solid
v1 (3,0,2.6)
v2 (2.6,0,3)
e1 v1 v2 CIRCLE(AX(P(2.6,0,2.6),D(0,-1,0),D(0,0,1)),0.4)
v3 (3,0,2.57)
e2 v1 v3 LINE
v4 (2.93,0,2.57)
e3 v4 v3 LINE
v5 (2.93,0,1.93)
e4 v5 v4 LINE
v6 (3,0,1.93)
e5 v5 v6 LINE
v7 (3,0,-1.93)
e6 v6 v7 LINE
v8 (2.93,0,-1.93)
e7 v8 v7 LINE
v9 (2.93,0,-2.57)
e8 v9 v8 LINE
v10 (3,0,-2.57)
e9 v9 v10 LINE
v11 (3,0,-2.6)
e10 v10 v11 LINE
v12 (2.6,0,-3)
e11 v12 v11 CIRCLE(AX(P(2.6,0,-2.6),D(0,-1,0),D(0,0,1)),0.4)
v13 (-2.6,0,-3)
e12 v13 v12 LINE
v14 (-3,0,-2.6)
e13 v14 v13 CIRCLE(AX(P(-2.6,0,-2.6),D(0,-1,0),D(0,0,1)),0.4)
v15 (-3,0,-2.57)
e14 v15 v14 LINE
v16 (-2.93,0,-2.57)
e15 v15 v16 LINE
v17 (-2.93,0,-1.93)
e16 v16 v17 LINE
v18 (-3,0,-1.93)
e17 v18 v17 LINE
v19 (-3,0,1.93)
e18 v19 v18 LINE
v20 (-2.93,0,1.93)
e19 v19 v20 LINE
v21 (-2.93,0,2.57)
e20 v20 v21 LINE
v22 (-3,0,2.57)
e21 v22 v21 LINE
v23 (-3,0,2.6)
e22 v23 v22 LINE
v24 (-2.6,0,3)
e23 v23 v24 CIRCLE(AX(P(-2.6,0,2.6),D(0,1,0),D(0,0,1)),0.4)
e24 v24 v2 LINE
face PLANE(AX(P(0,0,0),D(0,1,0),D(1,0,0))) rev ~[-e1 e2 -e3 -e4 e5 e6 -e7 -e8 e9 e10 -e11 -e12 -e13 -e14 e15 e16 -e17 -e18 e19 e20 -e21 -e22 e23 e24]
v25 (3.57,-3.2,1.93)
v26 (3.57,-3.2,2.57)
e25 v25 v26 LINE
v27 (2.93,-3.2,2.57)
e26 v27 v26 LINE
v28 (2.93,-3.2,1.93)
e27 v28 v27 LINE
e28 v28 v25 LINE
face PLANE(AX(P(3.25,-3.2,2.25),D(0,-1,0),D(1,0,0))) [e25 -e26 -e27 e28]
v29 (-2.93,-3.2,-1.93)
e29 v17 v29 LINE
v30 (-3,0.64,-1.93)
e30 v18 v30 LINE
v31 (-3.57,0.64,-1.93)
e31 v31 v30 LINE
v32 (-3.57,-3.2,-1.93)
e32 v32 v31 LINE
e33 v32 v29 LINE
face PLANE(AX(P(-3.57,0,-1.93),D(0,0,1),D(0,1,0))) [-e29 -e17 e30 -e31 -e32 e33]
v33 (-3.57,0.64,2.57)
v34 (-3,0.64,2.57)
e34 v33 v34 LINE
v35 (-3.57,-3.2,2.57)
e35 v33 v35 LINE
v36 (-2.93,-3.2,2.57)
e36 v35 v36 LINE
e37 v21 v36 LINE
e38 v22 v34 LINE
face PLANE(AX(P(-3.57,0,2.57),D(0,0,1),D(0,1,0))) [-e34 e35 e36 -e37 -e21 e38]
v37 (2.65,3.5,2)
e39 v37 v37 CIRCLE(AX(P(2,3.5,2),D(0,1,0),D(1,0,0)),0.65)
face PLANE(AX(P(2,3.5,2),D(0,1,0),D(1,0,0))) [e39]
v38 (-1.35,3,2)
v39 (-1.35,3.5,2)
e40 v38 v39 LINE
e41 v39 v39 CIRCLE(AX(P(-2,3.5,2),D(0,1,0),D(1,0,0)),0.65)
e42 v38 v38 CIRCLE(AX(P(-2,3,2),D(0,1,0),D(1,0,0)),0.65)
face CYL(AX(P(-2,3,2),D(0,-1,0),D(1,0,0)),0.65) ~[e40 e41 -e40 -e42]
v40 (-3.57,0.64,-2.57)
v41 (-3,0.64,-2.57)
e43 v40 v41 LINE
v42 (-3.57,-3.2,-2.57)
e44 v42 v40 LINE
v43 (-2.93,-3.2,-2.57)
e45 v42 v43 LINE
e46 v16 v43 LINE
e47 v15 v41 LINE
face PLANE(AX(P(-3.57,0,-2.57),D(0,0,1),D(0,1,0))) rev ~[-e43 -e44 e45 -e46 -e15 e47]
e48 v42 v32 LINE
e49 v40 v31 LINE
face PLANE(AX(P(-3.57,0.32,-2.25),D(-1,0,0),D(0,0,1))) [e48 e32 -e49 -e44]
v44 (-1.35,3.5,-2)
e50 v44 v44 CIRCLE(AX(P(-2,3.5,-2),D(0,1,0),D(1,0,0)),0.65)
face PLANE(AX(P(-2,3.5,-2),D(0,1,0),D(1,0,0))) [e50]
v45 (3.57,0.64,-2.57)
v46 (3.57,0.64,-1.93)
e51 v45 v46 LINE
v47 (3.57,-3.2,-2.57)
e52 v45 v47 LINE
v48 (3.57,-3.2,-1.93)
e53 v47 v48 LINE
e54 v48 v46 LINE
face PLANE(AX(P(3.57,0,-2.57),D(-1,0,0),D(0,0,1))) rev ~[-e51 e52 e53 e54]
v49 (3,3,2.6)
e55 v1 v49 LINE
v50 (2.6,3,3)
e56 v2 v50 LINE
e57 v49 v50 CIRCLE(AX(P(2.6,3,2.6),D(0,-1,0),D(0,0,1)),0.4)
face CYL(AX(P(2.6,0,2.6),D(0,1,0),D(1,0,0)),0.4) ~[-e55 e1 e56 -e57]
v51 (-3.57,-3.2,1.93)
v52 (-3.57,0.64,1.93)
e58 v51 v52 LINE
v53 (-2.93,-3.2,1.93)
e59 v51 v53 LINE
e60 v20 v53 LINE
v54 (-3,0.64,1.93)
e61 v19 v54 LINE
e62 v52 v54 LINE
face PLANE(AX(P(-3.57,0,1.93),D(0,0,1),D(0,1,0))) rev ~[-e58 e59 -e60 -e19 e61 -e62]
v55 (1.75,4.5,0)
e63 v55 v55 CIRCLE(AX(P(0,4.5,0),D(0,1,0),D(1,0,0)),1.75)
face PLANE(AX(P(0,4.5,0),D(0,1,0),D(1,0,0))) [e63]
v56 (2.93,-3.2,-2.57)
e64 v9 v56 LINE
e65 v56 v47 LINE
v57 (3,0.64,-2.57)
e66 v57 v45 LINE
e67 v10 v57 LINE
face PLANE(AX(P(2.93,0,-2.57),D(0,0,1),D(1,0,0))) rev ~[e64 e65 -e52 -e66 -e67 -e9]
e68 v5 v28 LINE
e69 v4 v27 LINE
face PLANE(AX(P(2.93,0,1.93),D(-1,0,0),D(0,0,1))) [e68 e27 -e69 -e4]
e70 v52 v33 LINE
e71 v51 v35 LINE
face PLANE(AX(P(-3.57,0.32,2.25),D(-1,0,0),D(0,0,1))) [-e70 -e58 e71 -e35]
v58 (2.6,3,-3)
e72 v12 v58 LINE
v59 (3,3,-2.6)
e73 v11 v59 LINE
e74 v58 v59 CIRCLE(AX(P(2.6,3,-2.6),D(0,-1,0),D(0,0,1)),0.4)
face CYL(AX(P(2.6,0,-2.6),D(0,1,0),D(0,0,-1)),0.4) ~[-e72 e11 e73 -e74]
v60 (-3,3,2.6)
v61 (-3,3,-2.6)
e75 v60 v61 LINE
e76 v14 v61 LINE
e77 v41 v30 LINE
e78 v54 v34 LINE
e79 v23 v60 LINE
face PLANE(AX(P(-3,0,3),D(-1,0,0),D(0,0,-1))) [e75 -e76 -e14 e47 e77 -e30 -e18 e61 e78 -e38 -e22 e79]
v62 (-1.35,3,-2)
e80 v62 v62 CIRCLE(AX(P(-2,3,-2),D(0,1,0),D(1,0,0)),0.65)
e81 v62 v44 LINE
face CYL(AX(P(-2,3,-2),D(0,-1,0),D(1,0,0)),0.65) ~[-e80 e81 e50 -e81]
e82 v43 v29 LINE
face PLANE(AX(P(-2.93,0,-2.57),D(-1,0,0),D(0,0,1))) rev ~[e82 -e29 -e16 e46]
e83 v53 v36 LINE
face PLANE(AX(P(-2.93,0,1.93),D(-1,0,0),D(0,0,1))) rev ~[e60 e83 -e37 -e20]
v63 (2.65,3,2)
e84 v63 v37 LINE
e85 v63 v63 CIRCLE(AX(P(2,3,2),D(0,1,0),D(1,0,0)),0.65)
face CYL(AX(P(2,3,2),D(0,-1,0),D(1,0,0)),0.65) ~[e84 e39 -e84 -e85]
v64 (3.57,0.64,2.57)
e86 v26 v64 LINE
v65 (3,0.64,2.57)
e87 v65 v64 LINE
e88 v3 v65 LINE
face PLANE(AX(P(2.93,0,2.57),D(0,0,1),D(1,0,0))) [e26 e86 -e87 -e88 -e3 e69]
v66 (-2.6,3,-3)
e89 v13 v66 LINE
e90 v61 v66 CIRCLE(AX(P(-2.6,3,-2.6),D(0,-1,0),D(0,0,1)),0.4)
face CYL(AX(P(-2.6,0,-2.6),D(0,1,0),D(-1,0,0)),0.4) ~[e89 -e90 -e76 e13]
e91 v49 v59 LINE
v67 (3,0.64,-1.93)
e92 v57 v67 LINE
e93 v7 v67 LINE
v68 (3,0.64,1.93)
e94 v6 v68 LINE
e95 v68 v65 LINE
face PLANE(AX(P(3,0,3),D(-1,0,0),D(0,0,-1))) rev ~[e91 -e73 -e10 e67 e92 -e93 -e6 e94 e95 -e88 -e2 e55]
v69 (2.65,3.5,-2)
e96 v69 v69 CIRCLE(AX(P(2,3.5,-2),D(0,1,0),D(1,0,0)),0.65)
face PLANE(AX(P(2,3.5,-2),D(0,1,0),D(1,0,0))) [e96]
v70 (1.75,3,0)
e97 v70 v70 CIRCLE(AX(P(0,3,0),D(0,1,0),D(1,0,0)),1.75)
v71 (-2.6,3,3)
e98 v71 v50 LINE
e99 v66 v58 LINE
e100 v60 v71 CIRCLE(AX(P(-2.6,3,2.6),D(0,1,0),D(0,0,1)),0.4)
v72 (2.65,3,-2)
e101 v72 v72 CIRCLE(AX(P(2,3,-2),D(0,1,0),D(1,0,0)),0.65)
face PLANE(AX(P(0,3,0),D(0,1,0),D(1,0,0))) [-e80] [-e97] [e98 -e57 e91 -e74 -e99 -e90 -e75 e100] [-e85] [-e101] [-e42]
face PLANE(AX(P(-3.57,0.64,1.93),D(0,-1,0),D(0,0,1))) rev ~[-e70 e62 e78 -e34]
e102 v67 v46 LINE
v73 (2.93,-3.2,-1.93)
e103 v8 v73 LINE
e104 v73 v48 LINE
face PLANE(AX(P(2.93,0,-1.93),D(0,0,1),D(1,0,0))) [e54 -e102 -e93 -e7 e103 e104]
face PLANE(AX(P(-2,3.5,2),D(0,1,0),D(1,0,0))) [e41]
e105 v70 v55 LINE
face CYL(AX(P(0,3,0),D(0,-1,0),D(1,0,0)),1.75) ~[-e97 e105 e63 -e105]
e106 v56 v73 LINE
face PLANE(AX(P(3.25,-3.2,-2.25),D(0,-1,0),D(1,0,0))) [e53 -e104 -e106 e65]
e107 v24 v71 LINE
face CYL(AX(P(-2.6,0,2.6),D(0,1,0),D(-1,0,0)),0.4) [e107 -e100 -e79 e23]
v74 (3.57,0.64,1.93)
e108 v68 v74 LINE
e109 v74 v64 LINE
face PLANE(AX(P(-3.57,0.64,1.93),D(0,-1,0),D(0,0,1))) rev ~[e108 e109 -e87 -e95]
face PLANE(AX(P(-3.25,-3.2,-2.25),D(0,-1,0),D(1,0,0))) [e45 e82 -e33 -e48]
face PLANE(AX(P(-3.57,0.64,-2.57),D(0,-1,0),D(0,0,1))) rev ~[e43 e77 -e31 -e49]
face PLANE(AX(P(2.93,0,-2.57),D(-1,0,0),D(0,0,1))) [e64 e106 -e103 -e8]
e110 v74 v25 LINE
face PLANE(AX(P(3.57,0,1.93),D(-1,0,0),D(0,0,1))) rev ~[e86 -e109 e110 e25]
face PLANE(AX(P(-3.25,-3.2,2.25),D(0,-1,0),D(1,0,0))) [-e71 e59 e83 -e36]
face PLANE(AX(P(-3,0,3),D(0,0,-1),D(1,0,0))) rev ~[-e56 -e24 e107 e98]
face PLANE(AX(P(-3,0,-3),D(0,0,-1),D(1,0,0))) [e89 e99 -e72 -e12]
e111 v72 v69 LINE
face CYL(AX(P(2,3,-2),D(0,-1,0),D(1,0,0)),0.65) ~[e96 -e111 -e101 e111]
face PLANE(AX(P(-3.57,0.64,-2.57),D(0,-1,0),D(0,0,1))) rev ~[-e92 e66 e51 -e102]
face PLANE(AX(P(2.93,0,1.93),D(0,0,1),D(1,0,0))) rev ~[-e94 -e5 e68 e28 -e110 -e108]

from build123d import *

# Parameters (mm, degrees)
SKETCH1_W           = 6
SKETCH1_H           = 6
BOSS_EXTRUDE1_DEPTH = 3
SKETCH2_R           = 1.75
BOSS_EXTRUDE2_DEPTH = 1.5
SKETCH3_R           = 0.65
BOSS_EXTRUDE3_DEPTH = 0.5
SKETCH4_W           = 0.64
SKETCH4_H           = 0.64
BOSS_EXTRUDE4_DEPTH = 3.2
FILLET1_R           = 0.4
SKETCH6_W           = 0.64
SKETCH6_H           = 0.64
BOSS_EXTRUDE6_DEPTH = 7.14


with BuildPart() as part:
    # Sketch1 → Boss-Extrude1 (new body)
    with BuildSketch(Plane(origin=(0, 0, 0), x_dir=(1, 0, 0), z_dir=(0, 1, 0))):
        Rectangle(SKETCH1_W, SKETCH1_H)
    extrude(amount=BOSS_EXTRUDE1_DEPTH)

    # Sketch2 → Boss-Extrude2 (add)
    with BuildSketch(Plane(origin=(0, 3, 0), x_dir=(1, 0, 0), z_dir=(0, 1, 0))):
        Circle(SKETCH2_R)
    extrude(amount=BOSS_EXTRUDE2_DEPTH)

    # Sketch3 → Boss-Extrude3 (add)
    with BuildSketch(Plane(origin=(0, 3, 0), x_dir=(1, 0, 0), z_dir=(0, 1, 0))):
        with Locations((-2, 2)):
            Circle(SKETCH3_R)
        with Locations((-2, -2)):
            Circle(SKETCH3_R)
        with Locations((2, -2)):
            Circle(SKETCH3_R)
        with Locations((2, 2)):
            Circle(SKETCH3_R)
    extrude(amount=BOSS_EXTRUDE3_DEPTH)

    # Sketch4 → Boss-Extrude4 (add)
    with BuildSketch(Plane.XZ):
        with Locations((-3.25, 2.25)):
            Rectangle(SKETCH4_W, SKETCH4_H)
        with Locations((3.25, 2.25)):
            Rectangle(SKETCH4_W, SKETCH4_H)
        with Locations((3.25, -2.25)):
            Rectangle(SKETCH4_W, SKETCH4_H)
        with Locations((-3.25, -2.25)):
            Rectangle(SKETCH4_W, SKETCH4_H)
    extrude(amount=BOSS_EXTRUDE4_DEPTH)

    # Fillet1
    fillet1_edges = [part.edges().sort_by_distance(p)[0] for p in [
        (3, 1.5, 3),
        (-3, 1.5, 3),
        (-3, 1.5, -3),
        (3, 1.5, -3),
    ]]
    fillet(fillet1_edges, radius=FILLET1_R)

    # Sketch6 → Boss-Extrude6 (add)
    with BuildSketch(Plane.ZY.offset(3.57)):
        with Locations((-2.25, 0.32)):
            Rectangle(SKETCH6_W, SKETCH6_H)
        with Locations((2.25, 0.32)):
            Rectangle(SKETCH6_W, SKETCH6_H)
    extrude(amount=-BOSS_EXTRUDE6_DEPTH)


solid = part.part
